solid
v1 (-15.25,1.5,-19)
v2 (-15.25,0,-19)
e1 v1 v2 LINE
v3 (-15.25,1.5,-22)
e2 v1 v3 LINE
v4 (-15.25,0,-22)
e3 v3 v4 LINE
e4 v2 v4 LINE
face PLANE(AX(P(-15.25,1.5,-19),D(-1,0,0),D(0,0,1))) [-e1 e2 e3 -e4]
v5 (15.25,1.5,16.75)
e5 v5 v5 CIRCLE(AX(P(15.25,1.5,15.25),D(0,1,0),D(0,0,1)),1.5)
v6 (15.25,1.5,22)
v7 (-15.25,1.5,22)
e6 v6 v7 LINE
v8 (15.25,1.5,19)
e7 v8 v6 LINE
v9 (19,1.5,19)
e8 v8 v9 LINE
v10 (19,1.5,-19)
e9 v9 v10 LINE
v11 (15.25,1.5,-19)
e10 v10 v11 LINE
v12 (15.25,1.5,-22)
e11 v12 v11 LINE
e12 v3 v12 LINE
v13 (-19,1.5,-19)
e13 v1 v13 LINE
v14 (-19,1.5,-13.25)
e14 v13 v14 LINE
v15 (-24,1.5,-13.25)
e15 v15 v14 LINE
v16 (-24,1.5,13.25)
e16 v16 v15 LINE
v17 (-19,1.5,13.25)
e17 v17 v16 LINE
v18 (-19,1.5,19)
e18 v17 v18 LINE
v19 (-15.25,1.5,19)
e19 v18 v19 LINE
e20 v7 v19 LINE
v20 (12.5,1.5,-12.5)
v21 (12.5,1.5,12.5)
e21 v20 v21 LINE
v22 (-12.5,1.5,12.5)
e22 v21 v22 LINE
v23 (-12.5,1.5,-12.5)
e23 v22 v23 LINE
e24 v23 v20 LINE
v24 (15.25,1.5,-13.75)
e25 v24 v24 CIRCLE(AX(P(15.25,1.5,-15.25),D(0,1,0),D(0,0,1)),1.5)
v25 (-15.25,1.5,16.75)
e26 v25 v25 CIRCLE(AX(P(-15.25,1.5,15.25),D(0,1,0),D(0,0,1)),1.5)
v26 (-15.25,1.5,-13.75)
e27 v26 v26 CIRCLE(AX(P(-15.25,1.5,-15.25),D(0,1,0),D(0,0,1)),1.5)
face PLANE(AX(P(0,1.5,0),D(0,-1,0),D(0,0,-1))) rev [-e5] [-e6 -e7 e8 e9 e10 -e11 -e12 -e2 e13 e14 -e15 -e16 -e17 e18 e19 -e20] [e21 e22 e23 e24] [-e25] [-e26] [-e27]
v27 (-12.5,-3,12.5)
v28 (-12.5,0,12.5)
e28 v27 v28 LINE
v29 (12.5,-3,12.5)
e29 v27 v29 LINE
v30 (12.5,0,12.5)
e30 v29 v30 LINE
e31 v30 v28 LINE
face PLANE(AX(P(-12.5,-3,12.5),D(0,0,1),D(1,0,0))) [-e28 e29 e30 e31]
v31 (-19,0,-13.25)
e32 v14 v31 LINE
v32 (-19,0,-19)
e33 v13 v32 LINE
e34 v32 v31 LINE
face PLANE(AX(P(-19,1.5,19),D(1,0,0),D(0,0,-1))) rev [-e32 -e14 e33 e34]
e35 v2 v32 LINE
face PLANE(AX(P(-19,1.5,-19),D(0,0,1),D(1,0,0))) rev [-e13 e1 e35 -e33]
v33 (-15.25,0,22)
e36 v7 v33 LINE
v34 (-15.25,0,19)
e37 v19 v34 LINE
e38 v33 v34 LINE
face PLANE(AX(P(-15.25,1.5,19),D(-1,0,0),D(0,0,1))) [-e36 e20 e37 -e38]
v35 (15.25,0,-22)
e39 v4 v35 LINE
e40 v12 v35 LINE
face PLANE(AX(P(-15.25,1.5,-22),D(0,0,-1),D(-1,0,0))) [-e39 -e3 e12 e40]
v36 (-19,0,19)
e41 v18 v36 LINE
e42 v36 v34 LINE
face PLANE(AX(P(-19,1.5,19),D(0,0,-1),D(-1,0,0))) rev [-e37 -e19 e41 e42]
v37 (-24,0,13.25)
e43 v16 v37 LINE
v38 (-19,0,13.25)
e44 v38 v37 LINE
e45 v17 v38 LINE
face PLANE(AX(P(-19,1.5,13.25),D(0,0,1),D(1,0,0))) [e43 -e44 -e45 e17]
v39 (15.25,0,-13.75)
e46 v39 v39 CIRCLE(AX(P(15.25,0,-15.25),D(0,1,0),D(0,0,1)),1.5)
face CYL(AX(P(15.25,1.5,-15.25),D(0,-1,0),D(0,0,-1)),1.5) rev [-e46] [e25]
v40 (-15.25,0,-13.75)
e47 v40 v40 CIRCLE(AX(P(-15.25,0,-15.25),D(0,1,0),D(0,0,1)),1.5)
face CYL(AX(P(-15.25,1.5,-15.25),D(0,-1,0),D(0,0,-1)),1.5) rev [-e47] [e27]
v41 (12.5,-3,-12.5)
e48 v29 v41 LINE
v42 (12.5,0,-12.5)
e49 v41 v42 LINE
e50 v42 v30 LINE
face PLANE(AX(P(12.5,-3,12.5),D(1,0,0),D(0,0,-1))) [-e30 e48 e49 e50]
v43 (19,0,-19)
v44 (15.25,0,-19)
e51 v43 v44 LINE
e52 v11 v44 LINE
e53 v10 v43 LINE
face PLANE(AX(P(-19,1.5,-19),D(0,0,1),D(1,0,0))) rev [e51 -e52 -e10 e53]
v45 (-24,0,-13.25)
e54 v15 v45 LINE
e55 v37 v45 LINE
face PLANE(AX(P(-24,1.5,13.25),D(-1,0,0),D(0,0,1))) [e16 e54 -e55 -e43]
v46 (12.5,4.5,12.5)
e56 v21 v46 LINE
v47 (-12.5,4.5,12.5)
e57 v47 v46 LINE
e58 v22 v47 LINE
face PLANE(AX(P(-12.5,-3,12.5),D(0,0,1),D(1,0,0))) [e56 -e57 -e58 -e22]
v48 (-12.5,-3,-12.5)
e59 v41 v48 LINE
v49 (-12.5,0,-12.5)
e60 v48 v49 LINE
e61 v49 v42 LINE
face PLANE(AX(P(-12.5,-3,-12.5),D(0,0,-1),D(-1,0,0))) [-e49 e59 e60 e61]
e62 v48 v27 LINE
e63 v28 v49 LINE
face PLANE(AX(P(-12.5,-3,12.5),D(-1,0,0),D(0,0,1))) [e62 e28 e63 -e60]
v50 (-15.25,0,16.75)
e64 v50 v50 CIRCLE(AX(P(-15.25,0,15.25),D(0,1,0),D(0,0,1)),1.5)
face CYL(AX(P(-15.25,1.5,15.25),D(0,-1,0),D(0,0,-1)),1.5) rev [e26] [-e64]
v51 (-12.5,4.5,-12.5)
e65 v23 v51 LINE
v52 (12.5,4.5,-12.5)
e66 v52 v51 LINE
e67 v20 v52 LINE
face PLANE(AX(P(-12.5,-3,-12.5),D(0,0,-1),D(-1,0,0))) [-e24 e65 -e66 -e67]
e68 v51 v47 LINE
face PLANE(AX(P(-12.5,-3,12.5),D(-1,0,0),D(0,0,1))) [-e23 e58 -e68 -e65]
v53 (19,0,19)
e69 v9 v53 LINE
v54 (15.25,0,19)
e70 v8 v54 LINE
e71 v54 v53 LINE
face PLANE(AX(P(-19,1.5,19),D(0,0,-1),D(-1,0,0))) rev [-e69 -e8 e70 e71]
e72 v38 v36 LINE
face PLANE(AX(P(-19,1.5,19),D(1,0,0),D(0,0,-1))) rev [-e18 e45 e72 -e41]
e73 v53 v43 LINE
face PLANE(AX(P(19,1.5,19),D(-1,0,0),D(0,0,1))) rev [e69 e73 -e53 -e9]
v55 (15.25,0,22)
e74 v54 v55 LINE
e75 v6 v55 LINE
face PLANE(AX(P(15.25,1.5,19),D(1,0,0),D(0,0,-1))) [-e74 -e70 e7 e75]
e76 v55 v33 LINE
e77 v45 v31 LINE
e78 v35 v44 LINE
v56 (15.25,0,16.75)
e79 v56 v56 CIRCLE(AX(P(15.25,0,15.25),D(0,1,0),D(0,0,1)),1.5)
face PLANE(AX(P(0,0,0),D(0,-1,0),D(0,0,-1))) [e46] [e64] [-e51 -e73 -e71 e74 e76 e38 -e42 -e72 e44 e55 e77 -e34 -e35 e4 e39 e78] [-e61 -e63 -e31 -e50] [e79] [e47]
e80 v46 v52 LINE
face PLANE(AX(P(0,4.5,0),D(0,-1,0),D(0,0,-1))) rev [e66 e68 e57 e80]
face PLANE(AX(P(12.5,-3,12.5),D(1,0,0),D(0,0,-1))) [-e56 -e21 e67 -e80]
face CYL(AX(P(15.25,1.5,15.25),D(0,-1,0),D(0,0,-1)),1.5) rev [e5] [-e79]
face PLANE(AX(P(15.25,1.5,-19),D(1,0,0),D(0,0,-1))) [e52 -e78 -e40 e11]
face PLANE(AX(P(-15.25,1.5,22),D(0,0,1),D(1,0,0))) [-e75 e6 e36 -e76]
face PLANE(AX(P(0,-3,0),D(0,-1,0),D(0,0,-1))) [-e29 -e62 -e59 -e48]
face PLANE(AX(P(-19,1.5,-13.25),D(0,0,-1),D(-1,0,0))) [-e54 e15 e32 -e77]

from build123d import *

# Parameters (mm, degrees)
SKETCH_1_W           = 38
SKETCH_1_H           = 38
SKETCH_1_R           = 1.5
EXTRUDE_1_DEPTH      = 1.5
SKETCH_2_W           = 5
SKETCH_2_H           = 26.5
SKETCH_2_W_2         = 30.5
SKETCH_2_H_2         = 3
EXTRUDE_2_DEPTH      = 1.5
EXTRUDE_3_DEPTH      = 3
EXTRUDE_3_DEPTH_BACK = 4.5
SKETCH_3_W           = 25
SKETCH_3_H           = 25


with BuildPart() as part:
    # 草图1 → 凸台-拉伸1 (new body)
    with BuildSketch(Plane(origin=(0, 0, 0), x_dir=(1, 0, 0), z_dir=(0, 1, 0))):
        Rectangle(SKETCH_1_W, SKETCH_1_H)
        with Locations(Location((-15.25, 15.25, 0), (0, 0, 270))):
            Circle(SKETCH_1_R, mode=Mode.SUBTRACT)
        with Locations(Location((15.25, 15.25, 0), (0, 0, 270))):
            Circle(SKETCH_1_R, mode=Mode.SUBTRACT)
        with Locations(Location((15.25, -15.25, 0), (0, 0, 270))):
            Circle(SKETCH_1_R, mode=Mode.SUBTRACT)
        with Locations(Location((-15.25, -15.25, 0), (0, 0, 270))):
            Circle(SKETCH_1_R, mode=Mode.SUBTRACT)
    extrude(amount=EXTRUDE_1_DEPTH)

    # 草图2 → 凸台-拉伸2 (add)
    with BuildSketch(Plane.XZ):
        with Locations((-21.5, 0)):
            Rectangle(SKETCH_2_W, SKETCH_2_H)
        with Locations((0, -20.5)):
            Rectangle(SKETCH_2_W_2, SKETCH_2_H_2)
        with Locations((0, 20.5)):
            Rectangle(SKETCH_2_W_2, SKETCH_2_H_2)
    extrude(amount=-EXTRUDE_2_DEPTH)

    # 草图3 → 凸台-拉伸3 (add, two sides: drawn at the far end of the back side and taken through both)
    with BuildSketch(Plane(origin=(0, 1.5, 0), x_dir=(1, 0, 0), z_dir=(0, 1, 0)).offset(-EXTRUDE_3_DEPTH_BACK)):
        Rectangle(SKETCH_3_W, SKETCH_3_H)
    extrude(amount=EXTRUDE_3_DEPTH + EXTRUDE_3_DEPTH_BACK)


solid = part.part
